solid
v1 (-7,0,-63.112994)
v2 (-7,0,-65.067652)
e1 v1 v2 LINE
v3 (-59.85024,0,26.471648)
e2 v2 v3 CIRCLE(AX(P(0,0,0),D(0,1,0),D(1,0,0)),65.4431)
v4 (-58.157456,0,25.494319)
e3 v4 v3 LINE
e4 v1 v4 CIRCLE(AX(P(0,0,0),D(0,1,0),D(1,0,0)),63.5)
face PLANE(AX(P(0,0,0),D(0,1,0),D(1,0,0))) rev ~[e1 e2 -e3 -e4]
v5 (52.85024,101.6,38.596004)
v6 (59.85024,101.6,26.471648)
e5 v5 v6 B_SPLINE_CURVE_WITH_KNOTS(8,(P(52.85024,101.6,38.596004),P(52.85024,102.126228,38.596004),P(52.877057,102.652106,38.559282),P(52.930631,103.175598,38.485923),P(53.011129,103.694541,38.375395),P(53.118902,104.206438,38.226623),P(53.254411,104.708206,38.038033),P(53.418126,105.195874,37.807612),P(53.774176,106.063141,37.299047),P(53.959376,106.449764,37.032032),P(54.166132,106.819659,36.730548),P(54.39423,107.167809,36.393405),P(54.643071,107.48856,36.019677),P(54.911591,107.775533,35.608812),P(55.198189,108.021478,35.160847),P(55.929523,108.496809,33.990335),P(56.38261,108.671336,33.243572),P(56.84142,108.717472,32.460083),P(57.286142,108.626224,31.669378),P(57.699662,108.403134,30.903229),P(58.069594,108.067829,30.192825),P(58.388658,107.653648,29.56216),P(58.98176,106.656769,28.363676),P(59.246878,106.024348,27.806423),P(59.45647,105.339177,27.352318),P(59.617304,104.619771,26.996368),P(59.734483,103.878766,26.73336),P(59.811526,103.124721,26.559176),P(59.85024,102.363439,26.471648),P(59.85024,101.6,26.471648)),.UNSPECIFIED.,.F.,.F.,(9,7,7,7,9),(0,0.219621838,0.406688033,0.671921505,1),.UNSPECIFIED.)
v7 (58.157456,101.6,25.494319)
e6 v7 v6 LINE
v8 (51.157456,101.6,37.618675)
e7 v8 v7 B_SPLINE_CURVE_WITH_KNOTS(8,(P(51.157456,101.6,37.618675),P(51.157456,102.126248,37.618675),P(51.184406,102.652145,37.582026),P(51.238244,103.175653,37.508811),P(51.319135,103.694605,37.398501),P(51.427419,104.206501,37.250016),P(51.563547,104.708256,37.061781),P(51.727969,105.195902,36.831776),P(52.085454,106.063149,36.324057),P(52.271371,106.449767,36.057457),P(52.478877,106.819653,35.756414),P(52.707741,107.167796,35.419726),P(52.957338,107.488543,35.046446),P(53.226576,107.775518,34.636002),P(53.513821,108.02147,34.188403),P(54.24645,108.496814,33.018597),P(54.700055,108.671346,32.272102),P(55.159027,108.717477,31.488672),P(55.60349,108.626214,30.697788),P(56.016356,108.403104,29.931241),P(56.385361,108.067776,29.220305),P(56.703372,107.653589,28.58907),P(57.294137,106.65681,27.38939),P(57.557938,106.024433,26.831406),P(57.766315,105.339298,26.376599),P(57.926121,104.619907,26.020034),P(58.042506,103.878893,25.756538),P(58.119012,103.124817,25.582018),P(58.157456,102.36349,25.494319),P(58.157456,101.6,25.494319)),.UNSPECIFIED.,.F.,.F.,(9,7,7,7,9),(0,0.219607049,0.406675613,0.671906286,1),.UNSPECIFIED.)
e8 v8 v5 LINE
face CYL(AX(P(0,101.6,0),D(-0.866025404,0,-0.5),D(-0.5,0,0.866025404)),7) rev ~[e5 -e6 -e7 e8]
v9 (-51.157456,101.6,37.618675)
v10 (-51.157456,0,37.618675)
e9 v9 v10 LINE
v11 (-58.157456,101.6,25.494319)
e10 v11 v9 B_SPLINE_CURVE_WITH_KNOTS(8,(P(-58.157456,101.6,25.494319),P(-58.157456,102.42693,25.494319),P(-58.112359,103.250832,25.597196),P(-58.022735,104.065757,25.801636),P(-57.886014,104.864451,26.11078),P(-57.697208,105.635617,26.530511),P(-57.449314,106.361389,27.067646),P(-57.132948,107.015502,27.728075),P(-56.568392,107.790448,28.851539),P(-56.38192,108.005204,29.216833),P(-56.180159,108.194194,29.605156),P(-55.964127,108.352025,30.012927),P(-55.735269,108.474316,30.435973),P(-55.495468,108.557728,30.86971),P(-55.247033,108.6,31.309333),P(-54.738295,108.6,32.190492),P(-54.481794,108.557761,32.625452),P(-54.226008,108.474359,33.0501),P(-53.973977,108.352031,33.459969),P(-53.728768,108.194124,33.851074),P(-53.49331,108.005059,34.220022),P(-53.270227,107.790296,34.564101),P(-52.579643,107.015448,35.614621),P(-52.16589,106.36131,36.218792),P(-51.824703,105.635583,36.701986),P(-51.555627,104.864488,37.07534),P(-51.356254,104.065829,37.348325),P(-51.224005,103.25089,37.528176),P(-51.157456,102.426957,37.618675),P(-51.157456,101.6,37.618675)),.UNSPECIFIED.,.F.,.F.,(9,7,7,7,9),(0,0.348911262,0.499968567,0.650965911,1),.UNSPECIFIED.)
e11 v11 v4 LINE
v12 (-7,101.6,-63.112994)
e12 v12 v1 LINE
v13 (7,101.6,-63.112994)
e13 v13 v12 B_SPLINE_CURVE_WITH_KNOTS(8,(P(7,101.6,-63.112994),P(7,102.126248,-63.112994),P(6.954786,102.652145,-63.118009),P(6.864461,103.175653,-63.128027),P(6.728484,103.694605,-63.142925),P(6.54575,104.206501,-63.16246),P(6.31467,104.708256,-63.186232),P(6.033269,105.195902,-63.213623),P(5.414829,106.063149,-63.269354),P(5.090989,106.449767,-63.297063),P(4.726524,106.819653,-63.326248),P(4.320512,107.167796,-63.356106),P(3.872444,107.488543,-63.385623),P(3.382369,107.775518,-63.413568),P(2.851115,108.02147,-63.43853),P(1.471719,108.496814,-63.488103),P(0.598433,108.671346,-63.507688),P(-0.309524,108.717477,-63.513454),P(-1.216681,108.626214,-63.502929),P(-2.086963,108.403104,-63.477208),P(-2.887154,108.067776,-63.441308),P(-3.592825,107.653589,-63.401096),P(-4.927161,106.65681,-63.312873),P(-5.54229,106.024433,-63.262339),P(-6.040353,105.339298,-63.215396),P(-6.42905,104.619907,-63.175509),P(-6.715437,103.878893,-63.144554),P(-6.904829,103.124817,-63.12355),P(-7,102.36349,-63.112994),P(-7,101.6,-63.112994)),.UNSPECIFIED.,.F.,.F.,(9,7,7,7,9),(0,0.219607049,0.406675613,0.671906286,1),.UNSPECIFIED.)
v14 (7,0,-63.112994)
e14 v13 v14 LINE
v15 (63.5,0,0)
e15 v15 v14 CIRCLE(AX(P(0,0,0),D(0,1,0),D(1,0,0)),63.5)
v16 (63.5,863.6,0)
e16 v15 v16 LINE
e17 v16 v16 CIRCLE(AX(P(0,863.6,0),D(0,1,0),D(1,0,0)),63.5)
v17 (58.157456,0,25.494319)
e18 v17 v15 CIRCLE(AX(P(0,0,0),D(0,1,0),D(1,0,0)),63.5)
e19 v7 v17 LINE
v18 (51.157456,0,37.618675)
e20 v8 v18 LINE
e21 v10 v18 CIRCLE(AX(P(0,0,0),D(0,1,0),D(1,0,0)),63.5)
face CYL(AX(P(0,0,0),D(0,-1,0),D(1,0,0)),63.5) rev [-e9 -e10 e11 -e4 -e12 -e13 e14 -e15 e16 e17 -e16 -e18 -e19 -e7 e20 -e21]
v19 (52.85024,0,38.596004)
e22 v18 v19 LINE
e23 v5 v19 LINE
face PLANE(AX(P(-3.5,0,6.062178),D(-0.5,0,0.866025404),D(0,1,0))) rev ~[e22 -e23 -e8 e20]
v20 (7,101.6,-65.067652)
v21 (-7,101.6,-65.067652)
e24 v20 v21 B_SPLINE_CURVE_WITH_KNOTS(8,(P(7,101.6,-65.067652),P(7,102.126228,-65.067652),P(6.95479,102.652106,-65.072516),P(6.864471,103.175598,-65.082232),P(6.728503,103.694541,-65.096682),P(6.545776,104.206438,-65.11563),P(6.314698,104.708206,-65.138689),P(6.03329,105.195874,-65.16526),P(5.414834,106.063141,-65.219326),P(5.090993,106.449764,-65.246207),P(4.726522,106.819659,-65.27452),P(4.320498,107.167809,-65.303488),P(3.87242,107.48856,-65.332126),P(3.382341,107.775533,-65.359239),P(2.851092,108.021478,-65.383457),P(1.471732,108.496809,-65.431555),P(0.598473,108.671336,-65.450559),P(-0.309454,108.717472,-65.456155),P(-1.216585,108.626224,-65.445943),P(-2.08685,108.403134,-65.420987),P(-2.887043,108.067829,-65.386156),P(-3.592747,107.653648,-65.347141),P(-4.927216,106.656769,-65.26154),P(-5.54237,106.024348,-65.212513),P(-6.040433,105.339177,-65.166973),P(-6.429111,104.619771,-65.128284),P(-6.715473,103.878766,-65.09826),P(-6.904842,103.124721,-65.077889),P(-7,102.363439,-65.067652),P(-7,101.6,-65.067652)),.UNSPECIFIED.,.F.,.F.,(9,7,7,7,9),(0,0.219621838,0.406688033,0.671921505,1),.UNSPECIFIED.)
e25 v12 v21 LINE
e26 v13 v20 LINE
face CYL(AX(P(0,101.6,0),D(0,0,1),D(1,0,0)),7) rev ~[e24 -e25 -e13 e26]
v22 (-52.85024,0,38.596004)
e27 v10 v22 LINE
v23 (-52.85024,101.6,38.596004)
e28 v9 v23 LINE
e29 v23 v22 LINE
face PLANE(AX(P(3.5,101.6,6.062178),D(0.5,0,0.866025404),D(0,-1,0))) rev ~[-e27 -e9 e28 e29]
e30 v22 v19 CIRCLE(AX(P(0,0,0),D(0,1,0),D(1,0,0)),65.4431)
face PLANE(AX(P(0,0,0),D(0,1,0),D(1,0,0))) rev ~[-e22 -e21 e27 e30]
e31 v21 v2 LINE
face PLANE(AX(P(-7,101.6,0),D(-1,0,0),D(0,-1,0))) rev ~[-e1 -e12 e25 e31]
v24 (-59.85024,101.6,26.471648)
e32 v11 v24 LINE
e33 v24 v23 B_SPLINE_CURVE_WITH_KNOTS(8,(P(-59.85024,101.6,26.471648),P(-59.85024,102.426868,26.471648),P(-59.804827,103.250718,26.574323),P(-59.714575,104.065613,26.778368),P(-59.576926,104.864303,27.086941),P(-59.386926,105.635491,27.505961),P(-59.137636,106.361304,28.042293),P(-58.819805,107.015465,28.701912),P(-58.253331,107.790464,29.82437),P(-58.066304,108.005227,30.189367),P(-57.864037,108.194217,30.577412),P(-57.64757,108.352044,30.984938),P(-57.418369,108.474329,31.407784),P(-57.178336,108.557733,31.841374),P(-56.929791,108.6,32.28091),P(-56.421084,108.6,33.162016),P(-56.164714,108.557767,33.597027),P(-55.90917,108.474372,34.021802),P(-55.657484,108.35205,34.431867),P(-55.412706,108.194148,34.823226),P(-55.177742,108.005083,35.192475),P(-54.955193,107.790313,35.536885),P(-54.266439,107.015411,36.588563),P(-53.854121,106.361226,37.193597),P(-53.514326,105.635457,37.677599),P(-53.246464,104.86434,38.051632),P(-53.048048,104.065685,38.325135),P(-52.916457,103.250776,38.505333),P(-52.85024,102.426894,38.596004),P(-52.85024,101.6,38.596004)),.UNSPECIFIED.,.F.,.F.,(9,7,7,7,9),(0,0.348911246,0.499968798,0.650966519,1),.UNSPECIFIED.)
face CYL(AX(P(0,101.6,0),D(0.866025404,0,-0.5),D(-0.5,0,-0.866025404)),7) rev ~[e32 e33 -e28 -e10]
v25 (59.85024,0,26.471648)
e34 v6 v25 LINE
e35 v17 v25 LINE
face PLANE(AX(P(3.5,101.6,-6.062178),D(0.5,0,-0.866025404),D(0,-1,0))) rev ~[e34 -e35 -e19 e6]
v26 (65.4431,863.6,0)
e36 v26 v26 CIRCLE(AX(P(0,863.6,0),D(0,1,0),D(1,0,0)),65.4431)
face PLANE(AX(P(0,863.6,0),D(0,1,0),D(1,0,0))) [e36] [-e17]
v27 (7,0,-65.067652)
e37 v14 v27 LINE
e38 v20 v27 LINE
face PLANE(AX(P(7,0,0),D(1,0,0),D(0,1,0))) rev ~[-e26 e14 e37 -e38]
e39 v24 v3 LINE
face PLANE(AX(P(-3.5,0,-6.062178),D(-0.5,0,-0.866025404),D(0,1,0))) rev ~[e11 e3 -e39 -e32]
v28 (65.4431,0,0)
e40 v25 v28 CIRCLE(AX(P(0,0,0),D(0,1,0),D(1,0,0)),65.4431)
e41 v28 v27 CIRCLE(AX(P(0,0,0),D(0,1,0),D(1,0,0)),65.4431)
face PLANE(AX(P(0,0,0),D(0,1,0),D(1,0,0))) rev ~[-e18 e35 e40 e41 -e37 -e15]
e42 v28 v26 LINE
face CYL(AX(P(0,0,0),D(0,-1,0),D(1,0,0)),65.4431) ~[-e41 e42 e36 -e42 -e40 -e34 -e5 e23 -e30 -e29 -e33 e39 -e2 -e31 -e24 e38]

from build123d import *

# Parameters (mm, degrees)
SKETCH1_R           = 65.4431
SKETCH1_R_2         = 63.5
BOSS_EXTRUDE1_DEPTH = 863.6
CUT_EXTRUDE1_DEPTH  = 66.4431
CIRPATTERN1_COUNT   = 3


with BuildPart() as part:
    # Sketch1 → Boss-Extrude1 (new body)
    with BuildSketch(Plane(origin=(0, 0, 0), x_dir=(1, 0, 0), z_dir=(0, 1, 0))):
        Circle(SKETCH1_R)
        Circle(SKETCH1_R_2, mode=Mode.SUBTRACT)
    extrude(amount=BOSS_EXTRUDE1_DEPTH)

    # Sketch2 → Cut-Extrude1 (cut, through all)
    with BuildSketch(Plane.XY):
        with BuildLine():
            Line((7, 0), (7, 101.6))
            ThreePointArc((7, 101.6), (0, 108.6), (-7, 101.6))
            Line((-7, 101.6), (-7, 0))
            Line((-7, 0), (7, 0))
        make_face()
    cut_extrude1 = extrude(amount=-CUT_EXTRUDE1_DEPTH, mode=Mode.SUBTRACT)

    # CirPattern1: Cut-Extrude1 ×3 about axis
    cirpattern1_axis = Axis((0, 0, 0), (0, 1, 0))
    for i in range(1, CIRPATTERN1_COUNT):
        add(cut_extrude1.rotate(cirpattern1_axis, i * 360 / CIRPATTERN1_COUNT), mode=Mode.SUBTRACT)


solid = part.part
